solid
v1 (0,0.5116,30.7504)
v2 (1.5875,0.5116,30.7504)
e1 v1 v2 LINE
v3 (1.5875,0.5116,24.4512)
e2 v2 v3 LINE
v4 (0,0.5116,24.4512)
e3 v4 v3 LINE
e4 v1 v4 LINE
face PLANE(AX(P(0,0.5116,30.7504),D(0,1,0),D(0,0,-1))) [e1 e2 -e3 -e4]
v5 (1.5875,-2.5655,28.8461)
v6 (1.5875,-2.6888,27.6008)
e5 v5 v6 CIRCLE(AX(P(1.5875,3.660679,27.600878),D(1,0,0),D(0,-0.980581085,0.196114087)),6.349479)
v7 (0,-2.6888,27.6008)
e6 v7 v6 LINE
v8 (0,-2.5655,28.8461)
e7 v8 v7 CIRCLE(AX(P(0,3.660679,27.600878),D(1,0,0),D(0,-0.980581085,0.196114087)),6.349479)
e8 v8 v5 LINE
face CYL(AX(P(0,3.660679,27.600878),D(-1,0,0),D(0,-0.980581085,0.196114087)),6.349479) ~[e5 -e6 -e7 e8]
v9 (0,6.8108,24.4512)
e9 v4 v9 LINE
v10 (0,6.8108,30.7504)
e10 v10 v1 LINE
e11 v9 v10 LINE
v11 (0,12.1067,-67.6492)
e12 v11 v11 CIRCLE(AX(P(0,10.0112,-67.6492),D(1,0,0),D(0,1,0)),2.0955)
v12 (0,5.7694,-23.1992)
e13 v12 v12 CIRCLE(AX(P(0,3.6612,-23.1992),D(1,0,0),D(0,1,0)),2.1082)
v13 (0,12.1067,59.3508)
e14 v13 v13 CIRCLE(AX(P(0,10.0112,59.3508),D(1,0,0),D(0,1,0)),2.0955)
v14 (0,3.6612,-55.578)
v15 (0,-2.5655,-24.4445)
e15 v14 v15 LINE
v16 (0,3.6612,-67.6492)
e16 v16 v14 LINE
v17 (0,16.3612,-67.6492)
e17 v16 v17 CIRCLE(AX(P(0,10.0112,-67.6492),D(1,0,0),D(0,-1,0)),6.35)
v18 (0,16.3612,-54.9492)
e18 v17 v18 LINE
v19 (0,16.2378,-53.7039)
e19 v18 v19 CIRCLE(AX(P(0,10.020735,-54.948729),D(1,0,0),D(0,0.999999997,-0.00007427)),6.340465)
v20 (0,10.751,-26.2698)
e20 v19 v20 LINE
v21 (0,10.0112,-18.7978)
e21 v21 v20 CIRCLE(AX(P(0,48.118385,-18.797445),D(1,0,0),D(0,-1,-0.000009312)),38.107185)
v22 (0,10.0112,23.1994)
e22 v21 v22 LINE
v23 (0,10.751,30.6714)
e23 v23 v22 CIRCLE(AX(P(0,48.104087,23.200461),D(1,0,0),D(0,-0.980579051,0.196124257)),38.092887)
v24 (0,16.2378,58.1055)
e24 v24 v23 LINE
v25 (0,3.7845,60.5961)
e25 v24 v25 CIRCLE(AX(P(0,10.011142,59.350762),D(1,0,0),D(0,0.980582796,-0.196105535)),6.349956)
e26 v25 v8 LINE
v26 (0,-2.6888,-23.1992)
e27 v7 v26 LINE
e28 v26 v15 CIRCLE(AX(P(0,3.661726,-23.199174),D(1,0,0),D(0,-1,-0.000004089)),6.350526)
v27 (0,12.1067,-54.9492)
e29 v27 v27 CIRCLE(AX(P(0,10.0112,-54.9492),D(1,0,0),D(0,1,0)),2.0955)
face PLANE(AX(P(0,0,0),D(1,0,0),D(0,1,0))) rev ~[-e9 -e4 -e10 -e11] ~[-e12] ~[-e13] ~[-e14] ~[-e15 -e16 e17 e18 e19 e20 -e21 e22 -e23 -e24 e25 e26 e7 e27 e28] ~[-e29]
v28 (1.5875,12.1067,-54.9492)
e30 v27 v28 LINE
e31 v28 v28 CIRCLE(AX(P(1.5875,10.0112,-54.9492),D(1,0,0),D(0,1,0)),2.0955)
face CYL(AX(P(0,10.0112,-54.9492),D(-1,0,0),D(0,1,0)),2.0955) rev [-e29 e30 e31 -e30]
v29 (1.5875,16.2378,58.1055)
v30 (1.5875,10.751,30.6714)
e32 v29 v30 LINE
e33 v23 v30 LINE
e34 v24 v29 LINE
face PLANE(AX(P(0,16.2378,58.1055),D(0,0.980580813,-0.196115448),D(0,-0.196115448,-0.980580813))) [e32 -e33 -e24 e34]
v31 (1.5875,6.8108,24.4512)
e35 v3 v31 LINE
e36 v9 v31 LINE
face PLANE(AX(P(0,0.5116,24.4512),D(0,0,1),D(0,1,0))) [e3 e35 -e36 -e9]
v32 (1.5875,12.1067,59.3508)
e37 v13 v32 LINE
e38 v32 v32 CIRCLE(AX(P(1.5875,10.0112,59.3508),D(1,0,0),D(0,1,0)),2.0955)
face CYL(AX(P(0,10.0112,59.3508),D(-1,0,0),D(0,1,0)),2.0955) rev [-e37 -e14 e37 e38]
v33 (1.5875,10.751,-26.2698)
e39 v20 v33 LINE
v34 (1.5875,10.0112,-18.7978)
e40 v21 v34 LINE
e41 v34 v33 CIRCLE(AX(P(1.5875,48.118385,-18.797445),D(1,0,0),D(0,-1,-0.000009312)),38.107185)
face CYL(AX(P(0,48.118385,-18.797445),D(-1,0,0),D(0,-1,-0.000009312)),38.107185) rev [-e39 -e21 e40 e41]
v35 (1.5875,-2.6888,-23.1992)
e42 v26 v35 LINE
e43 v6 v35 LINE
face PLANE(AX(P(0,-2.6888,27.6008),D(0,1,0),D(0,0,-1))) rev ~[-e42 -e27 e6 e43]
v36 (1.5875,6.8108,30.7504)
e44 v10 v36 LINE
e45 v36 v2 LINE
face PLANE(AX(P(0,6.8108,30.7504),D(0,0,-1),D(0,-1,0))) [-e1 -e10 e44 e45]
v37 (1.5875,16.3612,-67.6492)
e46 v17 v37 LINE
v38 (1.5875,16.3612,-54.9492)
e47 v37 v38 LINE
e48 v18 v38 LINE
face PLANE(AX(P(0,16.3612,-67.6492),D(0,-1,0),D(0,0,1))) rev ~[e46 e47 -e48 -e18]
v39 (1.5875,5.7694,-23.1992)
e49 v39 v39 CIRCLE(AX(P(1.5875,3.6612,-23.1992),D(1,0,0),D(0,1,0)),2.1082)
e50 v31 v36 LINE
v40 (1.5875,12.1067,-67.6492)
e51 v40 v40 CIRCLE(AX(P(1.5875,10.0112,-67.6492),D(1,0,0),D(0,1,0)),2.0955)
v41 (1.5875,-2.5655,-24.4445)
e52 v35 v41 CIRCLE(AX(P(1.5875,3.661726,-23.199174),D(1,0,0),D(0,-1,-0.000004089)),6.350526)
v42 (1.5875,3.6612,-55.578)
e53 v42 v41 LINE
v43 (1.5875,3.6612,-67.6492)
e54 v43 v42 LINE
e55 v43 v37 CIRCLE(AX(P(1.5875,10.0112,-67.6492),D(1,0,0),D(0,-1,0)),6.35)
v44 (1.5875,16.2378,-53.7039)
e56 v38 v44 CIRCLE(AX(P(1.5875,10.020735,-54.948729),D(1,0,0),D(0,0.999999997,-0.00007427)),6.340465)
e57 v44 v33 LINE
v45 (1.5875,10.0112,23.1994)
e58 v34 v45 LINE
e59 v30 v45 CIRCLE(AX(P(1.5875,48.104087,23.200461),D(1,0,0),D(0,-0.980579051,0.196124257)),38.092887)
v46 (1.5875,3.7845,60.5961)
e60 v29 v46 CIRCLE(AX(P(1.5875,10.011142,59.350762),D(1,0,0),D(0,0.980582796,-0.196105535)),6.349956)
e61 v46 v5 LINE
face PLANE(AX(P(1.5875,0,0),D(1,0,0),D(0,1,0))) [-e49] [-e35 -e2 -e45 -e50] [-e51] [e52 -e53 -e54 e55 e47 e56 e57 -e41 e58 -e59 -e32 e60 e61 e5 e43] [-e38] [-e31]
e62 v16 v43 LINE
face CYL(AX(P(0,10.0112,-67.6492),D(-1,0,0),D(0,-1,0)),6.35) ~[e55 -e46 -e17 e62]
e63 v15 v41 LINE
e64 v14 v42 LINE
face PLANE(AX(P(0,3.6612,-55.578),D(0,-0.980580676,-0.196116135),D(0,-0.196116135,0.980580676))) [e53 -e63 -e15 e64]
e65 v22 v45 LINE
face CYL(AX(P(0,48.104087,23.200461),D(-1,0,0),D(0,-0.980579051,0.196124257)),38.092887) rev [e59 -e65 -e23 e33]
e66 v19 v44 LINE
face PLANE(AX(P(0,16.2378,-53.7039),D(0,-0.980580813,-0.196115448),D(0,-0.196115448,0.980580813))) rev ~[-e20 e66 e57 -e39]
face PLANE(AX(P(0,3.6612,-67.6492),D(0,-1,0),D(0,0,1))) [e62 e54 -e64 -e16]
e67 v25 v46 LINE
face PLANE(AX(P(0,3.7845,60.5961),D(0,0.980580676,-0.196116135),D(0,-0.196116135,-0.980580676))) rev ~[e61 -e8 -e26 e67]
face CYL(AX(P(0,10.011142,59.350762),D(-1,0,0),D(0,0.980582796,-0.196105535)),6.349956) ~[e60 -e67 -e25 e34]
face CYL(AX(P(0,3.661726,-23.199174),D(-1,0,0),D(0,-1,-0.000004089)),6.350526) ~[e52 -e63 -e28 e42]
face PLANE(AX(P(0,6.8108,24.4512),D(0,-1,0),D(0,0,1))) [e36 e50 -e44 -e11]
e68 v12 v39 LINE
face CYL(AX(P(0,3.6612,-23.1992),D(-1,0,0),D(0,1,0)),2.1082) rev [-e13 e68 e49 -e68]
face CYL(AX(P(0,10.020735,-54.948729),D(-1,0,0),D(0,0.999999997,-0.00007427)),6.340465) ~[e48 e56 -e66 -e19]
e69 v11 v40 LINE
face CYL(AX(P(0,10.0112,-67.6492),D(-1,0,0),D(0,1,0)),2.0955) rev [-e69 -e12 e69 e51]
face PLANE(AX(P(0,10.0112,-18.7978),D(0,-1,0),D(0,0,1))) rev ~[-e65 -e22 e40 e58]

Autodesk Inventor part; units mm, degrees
ref_plane "YZ Plane" through (0, 0, 0) normal (1, 0, 0) x (0, 1, 0)
ref_plane "XZ Plane" through (0, 0, 0) normal (0, 1, 0) x (-1, 0, 0)
ref_plane "XY Plane" through (0, 0, 0) normal (0, 0, 1) x (1, 0, 0)
sketch "Sketch1" plane through (0, 0, 0) normal (1, 0, 0) x (0, 1, 0)
  arc A0 (-2.5655, 28.8461) -> (-2.6888, 27.6008) centre (3.6612, 27.6008) ccw
  arc A1 (-2.6888, -23.1992) -> (-2.5655, -24.4445) centre (3.6612, -23.1992) ccw
  line L0 (-2.6888, 27.6008) -> (-2.6888, -23.1992)
  line L1 (10.0112, -18.7978) -> (10.0112, 23.1994)
  circle A2 centre (3.6612, -23.1992) radius 2.1082
  circle A3 centre (10.0112, 59.3508) radius 2.0955
  circle A4 centre (10.0112, -54.9492) radius 2.0955
  arc A5 (16.2378, 58.1055) -> (3.7845, 60.5961) centre (10.0112, 59.3508) ccw
  line L2 (3.7845, 60.5961) -> (-2.5655, 28.8461)
  line L3 (16.2378, 58.1055) -> (10.751, 30.6714)
  line L4 (3.6612, -55.578) -> (-2.5655, -24.4445)
  line L5 (16.2378, -53.7039) -> (10.751, -26.2698)
  arc A6 (10.751, 30.6714) -> (10.0112, 23.1994) centre (48.1112, 23.1994) ccw
  arc A7 (10.0112, -18.7978) -> (10.751, -26.2698) centre (48.1112, -18.7978) ccw
  line L6 (6.8108, 30.7504) -> (0.5116, 30.7504)
  line L7 (0.5116, 30.7504) -> (0.5116, 24.4512)
  line L8 (0.5116, 24.4512) -> (6.8108, 24.4512)
  line L9 (6.8108, 24.4512) -> (6.8108, 30.7504)
  line L10 (6.8108, 30.7504) -> (0.5116, 24.4512) construction
  line L11 (0.5116, 30.7504) -> (6.8108, 24.4512) construction
  arc A8 (3.6612, -67.6492) -> (16.3612, -67.6492) centre (10.0112, -67.6492) ccw
  line L12 (16.3612, -67.6492) -> (16.3612, -54.9492)
  line L13 (3.6612, -67.6492) -> (3.6612, -55.578)
  arc A9 (16.3612, -54.9492) -> (16.2378, -53.7039) centre (10.0112, -54.9492) ccw
  circle A10 centre (10.0112, -67.6492) radius 2.0955
  point P0 (0, 0)
  point P1 (10.0112, -22.5704)
  dimension "d0" = 12.7
  dimension "d1" = 12.7
  dimension "d3" = 4.2164
  dimension "d6" = 31.75
  dimension "d7" = 6.35
  dimension "d8" = 31.75
  dimension "d9" = 6.35
  dimension "d10" = 4.191
  dimension "d11" = 4.191
  dimension "d12" = 12.7
  dimension "d14" = 38.1
  dimension "d15" = 6.2992
  dimension "d16" = 6.2992
  dimension "d17" = 12.7
  dimension "d18" = 0
  dimension "d19" = 4.191
extrude "Extrusion1" add sketch "Sketch1" along normal blind 1.5875
properties part number "Conveyer Gearbox Gusset" material "Acetal Resin, White"
